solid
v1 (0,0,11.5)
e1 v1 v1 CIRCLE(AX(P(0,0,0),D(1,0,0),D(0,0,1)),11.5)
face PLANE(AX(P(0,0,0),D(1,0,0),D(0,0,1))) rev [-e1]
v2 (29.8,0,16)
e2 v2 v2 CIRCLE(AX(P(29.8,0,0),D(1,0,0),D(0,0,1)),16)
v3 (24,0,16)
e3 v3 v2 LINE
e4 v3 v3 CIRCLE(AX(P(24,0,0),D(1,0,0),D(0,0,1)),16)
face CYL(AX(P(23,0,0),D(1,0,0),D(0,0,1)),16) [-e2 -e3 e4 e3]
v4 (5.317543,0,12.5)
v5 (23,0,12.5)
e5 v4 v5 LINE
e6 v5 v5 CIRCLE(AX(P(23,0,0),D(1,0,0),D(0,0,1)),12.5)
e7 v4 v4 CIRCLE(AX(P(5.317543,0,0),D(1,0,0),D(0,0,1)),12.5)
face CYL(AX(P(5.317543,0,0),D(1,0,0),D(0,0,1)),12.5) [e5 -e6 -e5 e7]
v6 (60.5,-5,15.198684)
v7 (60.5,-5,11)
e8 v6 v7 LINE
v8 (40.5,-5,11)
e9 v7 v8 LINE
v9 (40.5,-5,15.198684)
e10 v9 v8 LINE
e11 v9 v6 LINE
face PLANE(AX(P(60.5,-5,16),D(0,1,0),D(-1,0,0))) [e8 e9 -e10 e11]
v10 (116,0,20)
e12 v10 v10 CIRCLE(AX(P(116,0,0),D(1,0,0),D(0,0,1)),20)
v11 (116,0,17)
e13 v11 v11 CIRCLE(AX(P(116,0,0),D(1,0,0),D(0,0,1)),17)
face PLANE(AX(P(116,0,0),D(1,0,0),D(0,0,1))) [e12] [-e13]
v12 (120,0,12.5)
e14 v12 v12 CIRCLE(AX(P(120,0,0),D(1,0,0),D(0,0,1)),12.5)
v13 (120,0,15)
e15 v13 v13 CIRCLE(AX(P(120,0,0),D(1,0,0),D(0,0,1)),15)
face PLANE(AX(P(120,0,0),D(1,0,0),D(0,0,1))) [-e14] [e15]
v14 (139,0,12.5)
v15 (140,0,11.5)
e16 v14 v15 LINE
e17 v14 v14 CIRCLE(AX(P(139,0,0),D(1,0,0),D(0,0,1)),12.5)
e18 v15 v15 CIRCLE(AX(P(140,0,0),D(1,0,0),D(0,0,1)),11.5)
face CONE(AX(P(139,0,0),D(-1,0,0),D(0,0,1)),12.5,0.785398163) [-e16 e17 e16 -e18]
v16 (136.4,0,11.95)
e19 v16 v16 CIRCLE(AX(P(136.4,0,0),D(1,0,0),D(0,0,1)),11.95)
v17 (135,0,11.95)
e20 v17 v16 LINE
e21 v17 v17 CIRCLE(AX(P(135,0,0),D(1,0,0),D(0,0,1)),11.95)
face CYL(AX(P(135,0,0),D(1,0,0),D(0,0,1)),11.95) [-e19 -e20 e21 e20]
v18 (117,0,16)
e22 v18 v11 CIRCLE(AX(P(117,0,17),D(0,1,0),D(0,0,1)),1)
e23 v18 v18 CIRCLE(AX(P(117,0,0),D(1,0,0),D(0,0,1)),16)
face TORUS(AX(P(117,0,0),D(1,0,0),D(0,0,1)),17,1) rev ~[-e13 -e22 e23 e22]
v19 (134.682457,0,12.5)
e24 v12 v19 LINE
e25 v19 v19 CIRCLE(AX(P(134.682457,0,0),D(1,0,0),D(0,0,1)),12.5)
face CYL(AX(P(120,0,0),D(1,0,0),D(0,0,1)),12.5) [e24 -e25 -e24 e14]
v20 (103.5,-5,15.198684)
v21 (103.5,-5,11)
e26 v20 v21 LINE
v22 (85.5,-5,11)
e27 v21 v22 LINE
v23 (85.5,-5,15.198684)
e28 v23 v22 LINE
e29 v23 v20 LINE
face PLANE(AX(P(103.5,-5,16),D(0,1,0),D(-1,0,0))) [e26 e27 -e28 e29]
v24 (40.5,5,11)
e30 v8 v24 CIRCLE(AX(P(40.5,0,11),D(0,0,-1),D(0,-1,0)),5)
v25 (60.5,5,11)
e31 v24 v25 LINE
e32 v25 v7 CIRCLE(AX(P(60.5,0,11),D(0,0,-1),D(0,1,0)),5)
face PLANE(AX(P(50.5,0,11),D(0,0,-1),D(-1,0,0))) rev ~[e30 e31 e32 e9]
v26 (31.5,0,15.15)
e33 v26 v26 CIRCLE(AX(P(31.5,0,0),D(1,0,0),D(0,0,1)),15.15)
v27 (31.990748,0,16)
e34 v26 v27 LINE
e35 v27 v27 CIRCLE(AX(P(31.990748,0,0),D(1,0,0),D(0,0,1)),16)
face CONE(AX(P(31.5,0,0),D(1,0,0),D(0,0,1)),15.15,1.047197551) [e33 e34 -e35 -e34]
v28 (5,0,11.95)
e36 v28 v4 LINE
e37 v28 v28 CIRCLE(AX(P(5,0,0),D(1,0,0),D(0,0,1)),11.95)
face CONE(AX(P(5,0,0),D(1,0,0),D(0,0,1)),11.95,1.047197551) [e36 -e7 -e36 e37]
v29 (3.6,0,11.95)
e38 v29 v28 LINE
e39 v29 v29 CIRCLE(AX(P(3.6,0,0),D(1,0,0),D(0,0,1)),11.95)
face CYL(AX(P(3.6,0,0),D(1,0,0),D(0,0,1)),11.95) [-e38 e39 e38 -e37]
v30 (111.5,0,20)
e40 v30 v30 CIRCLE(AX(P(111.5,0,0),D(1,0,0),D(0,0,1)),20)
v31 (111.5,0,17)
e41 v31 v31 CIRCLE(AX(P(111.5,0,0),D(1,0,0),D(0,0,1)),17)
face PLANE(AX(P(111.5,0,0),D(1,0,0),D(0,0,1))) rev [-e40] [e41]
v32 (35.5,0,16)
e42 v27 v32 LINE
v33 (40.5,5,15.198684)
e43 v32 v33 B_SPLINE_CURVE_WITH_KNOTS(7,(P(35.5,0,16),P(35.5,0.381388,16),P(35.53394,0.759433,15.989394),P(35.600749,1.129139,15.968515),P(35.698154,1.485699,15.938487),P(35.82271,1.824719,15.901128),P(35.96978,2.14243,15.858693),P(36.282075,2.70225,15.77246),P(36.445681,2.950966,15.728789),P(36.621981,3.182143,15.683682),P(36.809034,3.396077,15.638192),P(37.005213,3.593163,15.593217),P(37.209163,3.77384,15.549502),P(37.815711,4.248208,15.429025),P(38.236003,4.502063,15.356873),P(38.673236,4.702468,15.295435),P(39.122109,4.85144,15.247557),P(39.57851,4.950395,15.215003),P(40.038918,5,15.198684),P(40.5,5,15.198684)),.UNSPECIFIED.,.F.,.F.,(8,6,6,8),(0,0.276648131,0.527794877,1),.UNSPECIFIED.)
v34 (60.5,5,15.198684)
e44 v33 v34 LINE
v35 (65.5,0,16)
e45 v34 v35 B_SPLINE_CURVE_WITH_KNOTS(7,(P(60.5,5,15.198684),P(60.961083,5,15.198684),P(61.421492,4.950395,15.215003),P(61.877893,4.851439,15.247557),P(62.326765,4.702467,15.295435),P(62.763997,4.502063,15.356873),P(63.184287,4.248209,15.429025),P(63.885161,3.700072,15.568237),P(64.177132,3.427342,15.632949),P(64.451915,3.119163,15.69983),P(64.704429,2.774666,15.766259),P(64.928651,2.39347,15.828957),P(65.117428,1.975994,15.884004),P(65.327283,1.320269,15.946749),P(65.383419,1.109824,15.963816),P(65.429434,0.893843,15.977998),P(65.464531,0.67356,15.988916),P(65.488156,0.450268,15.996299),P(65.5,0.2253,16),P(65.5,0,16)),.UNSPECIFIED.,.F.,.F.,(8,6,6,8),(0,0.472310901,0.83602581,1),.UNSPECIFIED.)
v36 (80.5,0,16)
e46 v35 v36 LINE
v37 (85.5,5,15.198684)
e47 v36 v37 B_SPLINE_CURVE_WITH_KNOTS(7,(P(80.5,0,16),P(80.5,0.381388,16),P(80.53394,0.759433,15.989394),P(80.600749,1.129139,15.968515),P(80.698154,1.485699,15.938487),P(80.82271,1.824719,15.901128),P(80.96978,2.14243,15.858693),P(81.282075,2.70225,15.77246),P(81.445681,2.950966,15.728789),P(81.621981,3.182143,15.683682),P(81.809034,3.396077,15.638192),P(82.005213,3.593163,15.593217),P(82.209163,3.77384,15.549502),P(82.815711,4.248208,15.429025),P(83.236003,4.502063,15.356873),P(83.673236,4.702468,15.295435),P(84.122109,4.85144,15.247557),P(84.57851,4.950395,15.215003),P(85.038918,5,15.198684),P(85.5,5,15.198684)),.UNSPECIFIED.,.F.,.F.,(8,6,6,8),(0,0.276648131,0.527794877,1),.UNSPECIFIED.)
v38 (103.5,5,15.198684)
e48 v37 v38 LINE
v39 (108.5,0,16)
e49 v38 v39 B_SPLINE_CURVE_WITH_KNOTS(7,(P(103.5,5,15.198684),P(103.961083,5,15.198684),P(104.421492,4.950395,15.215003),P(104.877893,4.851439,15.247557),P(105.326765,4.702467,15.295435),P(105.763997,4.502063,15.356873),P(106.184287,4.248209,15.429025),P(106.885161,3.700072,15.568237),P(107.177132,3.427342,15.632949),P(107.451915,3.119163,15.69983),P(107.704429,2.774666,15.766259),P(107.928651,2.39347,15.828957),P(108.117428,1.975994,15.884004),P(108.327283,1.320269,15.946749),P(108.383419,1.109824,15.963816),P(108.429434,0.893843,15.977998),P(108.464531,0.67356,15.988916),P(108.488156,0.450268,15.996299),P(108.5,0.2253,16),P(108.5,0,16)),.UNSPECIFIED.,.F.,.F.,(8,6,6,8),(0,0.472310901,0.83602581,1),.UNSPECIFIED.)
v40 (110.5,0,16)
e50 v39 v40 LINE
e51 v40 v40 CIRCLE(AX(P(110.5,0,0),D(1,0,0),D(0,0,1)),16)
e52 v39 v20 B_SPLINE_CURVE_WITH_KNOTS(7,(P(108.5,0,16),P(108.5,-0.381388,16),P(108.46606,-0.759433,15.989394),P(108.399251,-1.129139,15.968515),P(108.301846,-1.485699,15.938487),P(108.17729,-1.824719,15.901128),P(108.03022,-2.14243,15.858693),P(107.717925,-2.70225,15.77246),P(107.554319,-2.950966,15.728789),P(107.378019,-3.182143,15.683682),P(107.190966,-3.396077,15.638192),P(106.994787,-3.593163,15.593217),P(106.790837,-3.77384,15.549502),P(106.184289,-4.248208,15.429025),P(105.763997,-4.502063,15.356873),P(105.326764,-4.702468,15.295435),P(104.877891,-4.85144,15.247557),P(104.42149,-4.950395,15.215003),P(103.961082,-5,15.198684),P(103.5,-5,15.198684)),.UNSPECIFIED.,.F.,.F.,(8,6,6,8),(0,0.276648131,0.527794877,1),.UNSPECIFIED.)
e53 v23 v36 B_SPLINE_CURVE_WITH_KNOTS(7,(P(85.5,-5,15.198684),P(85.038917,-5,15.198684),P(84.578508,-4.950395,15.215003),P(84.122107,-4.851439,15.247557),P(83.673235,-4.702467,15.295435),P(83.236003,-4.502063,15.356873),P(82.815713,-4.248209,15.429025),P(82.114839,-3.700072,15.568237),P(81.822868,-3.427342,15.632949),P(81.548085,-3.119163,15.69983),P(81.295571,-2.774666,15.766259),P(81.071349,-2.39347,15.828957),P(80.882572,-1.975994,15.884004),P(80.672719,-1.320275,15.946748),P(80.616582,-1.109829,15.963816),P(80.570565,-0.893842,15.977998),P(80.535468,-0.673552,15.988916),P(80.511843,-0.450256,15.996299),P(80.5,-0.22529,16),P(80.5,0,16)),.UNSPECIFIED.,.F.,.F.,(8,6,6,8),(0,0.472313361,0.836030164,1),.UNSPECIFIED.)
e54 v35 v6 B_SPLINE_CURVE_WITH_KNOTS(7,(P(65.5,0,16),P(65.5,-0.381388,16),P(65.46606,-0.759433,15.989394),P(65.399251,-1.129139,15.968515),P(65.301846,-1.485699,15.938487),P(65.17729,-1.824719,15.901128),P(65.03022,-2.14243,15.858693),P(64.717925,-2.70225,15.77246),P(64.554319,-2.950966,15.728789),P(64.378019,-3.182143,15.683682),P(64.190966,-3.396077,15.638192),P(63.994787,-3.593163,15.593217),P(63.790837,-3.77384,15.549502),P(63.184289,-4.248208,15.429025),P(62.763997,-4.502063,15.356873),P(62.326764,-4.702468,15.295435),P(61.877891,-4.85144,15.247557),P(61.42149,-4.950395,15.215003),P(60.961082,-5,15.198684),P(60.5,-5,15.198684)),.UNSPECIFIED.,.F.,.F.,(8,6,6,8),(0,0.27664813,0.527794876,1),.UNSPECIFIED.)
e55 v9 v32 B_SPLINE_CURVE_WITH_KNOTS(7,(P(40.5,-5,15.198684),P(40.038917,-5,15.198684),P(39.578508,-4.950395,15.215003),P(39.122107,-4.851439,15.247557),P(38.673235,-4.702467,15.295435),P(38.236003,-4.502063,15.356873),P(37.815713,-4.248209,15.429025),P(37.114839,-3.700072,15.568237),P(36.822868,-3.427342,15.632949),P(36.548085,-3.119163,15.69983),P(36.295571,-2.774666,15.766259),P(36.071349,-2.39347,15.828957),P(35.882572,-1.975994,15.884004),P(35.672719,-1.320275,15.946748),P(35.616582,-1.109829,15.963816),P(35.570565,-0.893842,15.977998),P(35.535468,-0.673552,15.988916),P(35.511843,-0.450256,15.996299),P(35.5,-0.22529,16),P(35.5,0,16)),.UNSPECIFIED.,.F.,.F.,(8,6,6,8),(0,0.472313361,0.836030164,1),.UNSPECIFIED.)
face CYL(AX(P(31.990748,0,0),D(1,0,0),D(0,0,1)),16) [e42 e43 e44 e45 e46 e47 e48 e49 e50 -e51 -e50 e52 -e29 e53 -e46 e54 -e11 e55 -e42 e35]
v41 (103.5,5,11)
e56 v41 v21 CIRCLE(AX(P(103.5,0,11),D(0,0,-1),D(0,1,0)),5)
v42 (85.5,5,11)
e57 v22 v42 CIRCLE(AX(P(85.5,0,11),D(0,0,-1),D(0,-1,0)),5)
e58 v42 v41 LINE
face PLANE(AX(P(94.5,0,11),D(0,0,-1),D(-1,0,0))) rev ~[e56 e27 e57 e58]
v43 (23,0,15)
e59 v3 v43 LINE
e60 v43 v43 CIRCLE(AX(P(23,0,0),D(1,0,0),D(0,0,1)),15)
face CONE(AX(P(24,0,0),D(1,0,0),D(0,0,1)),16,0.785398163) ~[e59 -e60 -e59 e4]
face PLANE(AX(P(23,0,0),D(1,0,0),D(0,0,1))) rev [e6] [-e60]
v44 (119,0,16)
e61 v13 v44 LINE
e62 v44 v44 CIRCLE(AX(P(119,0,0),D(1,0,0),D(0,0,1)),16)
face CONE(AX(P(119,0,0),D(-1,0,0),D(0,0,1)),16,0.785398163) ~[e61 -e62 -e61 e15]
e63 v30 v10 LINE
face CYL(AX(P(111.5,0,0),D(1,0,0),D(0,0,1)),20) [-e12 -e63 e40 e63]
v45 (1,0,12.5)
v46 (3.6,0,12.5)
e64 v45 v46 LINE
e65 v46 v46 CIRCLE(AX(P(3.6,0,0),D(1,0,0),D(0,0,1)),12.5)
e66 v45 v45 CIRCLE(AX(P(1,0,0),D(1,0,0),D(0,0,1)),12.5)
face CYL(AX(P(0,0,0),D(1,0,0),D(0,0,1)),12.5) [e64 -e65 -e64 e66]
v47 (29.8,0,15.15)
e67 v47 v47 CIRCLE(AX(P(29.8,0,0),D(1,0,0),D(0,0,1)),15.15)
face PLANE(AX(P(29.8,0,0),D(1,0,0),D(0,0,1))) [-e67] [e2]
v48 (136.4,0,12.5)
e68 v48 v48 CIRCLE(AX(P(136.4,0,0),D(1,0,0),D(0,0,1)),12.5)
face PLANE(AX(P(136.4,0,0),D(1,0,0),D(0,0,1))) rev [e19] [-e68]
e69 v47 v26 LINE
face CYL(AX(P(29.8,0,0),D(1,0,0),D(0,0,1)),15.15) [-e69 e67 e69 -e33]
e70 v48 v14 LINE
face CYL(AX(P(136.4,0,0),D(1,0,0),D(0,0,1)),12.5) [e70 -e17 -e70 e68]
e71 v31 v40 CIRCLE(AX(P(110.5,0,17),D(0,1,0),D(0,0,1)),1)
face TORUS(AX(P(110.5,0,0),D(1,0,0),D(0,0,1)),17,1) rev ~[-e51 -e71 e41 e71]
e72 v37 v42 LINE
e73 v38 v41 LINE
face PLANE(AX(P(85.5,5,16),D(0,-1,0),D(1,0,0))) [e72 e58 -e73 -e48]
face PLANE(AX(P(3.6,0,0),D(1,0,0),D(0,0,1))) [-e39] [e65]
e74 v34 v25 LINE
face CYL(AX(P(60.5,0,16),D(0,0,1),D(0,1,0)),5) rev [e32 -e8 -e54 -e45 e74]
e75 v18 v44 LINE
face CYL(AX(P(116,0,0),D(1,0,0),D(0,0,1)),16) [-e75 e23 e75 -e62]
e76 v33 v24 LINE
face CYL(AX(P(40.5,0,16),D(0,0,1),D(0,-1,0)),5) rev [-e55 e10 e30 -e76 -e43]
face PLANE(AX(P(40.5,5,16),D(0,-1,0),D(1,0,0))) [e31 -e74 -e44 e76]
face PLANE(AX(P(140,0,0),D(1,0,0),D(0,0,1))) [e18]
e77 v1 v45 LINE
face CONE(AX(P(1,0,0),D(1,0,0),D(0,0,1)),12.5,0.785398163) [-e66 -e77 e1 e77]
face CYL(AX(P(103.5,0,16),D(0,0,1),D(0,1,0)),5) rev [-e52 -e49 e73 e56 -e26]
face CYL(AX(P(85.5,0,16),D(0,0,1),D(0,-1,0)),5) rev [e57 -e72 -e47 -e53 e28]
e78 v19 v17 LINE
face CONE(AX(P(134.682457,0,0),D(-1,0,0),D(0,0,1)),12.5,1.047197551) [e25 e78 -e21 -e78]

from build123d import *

# Parameters (mm, degrees)
TAGLIO_ESTRUSIONE1_DEPTH = 5
SMUSSO1_SIZE             = 1
SMUSSO2_SIZE             = 1
SMUSSO3_SIZE             = 1
RACCORDO3_R              = 1


with BuildPart() as part:
    # Schizzo1 → Rivoluzione1 (revolve)
    with BuildSketch(Plane.XY, mode=Mode.PRIVATE) as rivoluzione1_sk:
        Polygon((0, 0), (0, 12.5), (3.6, 12.5), (3.6, 11.95), (5, 11.95), (5.317542648, 12.5), (23, 12.5), (23, 16), (29.8, 16), (29.8, 15.15), (31.5, 15.15), (31.990747729, 16), (111.5, 16), (111.5, 20), (116, 20), (116, 16), (120, 16), (120, 12.5), (134.682457352, 12.5), (135, 11.95), (136.4, 11.95), (136.4, 12.5), (140, 12.5), (140, 0), align=None)
    revolve(rivoluzione1_sk.sketch.rotate(Axis((0, 0, 0), (1, 0, 0)), 90), axis=Axis((0, 0, 0), (1, 0, 0)))

    # Schizzo2 → Taglio-Estrusione1 (cut)
    with BuildSketch(Plane.XY.offset(16)):
        with BuildLine():
            Line((40.5, 5), (60.5, 5))
            ThreePointArc((60.5, 5), (65.5, 0), (60.5, -5))
            Line((60.5, -5), (40.5, -5))
            ThreePointArc((40.5, -5), (35.5, 0), (40.5, 5))
        make_face()
        with BuildLine():
            Line((85.5, 5), (103.5, 5))
            ThreePointArc((103.5, 5), (108.5, 0), (103.5, -5))
            Line((103.5, -5), (85.5, -5))
            ThreePointArc((85.5, -5), (80.5, 0), (85.5, 5))
        make_face()
    extrude(amount=-TAGLIO_ESTRUSIONE1_DEPTH, mode=Mode.SUBTRACT)

    # Smusso1
    smusso1_edges = [part.edges().sort_by_distance(p)[0] for p in [
        (0, 0, -12.5),
    ]]
    chamfer(smusso1_edges, length=SMUSSO1_SIZE)

    # Smusso2
    smusso2_edges = [part.edges().sort_by_distance(p)[0] for p in [
        (140, 0, -12.5),
    ]]
    chamfer(smusso2_edges, length=SMUSSO2_SIZE)

    # Smusso3
    smusso3_edges = [part.edges().sort_by_distance(p)[0] for p in [
        (120, 0, -16),
        (23, 0, -16),
    ]]
    chamfer(smusso3_edges, length=SMUSSO3_SIZE)

    # Raccordo3
    raccordo3_edges = [part.edges().sort_by_distance(p)[0] for p in [
        (116, 0, -16),
        (111.5, 0, -16),
    ]]
    fillet(raccordo3_edges, radius=RACCORDO3_R)


solid = part.part
